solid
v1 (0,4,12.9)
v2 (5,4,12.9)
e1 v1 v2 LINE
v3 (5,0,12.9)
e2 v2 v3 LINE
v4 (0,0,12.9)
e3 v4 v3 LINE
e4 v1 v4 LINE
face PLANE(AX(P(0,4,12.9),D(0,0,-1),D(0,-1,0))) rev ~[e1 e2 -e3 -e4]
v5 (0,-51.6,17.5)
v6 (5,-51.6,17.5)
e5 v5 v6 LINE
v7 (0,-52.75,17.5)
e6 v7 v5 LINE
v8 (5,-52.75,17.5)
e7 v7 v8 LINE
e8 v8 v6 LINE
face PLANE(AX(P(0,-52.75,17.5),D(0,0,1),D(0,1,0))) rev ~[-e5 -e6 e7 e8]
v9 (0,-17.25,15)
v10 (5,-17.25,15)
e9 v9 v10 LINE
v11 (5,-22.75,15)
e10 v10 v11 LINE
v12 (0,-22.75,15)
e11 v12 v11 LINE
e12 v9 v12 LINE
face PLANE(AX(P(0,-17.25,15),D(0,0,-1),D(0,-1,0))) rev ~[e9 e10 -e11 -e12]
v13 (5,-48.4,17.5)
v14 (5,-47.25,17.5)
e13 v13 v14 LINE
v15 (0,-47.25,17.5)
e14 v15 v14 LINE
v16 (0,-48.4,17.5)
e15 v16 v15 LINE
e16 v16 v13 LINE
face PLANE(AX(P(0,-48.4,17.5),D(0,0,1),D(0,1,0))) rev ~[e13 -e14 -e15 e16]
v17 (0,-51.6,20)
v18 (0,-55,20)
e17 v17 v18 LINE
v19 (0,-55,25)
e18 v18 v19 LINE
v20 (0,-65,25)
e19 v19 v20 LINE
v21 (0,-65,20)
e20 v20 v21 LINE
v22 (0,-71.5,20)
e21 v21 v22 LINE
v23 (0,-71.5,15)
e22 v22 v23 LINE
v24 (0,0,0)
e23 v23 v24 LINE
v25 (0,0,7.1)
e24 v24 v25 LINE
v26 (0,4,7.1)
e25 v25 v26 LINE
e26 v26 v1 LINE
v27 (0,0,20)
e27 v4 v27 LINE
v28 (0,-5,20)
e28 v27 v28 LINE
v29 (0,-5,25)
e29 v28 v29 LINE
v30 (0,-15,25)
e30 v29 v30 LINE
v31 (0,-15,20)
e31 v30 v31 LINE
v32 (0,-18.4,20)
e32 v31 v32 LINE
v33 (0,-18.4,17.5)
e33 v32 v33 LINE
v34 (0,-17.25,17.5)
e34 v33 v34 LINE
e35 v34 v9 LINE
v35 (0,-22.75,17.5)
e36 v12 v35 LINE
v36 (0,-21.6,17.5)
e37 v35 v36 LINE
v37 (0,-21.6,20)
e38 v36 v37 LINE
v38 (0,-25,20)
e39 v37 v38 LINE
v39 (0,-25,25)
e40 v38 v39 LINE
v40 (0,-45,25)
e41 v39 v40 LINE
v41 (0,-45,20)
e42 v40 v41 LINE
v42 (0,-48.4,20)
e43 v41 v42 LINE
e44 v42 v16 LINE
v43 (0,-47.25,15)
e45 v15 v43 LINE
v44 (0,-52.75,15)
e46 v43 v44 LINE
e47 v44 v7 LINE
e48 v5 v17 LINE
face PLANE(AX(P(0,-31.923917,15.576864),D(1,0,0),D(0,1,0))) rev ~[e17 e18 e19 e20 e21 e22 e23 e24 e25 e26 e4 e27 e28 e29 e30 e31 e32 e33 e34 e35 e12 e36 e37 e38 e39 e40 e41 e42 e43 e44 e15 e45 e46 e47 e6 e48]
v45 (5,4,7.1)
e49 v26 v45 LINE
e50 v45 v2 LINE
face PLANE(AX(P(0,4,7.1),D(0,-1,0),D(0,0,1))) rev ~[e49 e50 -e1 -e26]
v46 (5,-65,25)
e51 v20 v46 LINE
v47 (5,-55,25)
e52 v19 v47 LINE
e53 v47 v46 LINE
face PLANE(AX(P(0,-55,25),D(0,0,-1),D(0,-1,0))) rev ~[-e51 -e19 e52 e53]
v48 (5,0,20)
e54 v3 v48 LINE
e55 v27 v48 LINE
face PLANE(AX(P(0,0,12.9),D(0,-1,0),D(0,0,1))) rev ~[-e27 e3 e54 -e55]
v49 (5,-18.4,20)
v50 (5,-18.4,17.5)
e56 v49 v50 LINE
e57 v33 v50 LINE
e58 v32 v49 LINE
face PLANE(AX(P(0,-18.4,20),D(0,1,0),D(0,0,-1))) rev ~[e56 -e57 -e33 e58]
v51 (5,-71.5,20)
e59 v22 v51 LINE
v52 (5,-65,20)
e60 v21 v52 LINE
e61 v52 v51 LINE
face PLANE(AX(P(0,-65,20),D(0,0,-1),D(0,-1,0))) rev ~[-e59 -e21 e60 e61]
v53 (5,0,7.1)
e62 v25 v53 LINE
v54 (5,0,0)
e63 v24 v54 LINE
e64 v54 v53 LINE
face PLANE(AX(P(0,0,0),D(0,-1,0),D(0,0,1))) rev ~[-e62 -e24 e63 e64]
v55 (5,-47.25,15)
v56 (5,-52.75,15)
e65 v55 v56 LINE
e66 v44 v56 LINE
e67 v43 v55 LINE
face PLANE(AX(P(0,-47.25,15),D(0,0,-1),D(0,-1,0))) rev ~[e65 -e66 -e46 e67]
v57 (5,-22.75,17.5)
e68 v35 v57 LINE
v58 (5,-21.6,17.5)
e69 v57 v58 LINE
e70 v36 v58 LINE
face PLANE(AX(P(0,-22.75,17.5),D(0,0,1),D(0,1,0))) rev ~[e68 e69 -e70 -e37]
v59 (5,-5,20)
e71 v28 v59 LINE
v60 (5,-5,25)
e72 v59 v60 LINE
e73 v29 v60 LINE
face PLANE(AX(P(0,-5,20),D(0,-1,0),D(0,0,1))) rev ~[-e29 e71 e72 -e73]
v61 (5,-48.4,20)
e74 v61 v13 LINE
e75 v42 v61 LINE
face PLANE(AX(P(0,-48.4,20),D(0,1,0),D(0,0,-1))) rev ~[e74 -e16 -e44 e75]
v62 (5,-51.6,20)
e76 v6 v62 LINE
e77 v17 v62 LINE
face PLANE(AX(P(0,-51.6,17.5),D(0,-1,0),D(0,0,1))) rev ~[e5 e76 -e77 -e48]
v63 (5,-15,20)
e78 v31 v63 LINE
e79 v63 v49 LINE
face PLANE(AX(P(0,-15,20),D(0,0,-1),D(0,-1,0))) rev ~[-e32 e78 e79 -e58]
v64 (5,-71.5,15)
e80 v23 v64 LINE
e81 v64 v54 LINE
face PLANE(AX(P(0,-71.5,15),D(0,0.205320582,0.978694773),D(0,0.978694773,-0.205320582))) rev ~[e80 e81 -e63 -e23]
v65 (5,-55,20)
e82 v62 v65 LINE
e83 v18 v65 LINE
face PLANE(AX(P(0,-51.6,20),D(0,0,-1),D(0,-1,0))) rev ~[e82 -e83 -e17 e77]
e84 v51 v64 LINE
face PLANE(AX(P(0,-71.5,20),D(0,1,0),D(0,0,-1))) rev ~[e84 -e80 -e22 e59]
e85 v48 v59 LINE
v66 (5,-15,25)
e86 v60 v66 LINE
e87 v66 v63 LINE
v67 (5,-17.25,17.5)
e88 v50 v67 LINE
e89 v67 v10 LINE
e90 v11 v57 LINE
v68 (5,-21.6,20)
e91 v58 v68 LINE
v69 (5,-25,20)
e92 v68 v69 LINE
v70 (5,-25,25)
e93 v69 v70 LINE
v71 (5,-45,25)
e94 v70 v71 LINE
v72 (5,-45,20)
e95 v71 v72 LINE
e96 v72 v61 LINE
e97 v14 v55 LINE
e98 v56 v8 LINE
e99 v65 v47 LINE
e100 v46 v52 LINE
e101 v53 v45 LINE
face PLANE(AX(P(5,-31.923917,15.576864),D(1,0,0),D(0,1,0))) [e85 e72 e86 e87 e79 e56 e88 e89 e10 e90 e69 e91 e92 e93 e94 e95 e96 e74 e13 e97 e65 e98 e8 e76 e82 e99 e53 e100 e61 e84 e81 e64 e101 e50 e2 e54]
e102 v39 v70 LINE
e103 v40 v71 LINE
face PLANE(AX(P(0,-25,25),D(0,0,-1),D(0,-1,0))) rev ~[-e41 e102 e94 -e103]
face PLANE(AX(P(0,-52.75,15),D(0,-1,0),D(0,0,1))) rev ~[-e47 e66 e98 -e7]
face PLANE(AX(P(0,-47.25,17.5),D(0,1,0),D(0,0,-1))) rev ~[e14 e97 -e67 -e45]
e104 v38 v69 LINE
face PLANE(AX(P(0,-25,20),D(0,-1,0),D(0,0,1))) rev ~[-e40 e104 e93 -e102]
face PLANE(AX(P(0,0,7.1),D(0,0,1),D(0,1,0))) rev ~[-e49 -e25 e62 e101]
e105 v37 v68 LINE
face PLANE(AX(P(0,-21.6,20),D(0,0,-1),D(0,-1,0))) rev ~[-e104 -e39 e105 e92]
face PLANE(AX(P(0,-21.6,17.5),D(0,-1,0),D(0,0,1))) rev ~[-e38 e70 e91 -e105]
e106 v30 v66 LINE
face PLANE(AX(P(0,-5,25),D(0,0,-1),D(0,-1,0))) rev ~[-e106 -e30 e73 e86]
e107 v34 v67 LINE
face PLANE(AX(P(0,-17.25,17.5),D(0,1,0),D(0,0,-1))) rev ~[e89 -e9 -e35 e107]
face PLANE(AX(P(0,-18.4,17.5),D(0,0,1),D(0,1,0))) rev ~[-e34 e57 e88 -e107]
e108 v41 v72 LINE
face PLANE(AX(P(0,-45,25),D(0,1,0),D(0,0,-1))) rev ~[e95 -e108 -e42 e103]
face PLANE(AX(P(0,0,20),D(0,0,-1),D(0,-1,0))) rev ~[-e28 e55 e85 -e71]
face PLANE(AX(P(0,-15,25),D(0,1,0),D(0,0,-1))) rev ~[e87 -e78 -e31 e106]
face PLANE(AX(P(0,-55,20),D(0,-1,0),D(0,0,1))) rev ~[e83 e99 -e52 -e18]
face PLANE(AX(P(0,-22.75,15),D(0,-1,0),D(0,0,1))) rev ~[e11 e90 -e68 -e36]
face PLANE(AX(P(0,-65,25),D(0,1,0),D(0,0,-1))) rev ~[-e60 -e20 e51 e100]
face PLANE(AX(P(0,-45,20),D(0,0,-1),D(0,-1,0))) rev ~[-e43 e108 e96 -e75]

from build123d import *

# Parameters (mm, degrees)
F2_DEPTH = 5


with BuildPart() as f2:
    # F1 (on Right) → F2 (new body)
    with BuildSketch(Plane.YZ):
        Polygon((-71.5, 15), (0, 0), (0, 7.1), (4, 7.1), (4, 12.9), (0, 12.9), (0, 20), (-5, 20), (-5, 25), (-15, 25), (-15, 20), (-18.4, 20), (-18.4, 17.5), (-17.25, 17.5), (-17.25, 15), (-20, 15), (-22.75, 15), (-22.75, 17.5), (-21.6, 17.5), (-21.6, 20), (-25, 20), (-25, 25), (-45, 25), (-45, 20), (-48.4, 20), (-48.4, 17.5), (-47.25, 17.5), (-47.25, 15), (-50, 15), (-52.75, 15), (-52.75, 17.5), (-51.6, 17.5), (-51.6, 20), (-55, 20), (-55, 25), (-65, 25), (-65, 20), (-71.5, 20), align=None)
    extrude(amount=F2_DEPTH)


solid = f2.part
